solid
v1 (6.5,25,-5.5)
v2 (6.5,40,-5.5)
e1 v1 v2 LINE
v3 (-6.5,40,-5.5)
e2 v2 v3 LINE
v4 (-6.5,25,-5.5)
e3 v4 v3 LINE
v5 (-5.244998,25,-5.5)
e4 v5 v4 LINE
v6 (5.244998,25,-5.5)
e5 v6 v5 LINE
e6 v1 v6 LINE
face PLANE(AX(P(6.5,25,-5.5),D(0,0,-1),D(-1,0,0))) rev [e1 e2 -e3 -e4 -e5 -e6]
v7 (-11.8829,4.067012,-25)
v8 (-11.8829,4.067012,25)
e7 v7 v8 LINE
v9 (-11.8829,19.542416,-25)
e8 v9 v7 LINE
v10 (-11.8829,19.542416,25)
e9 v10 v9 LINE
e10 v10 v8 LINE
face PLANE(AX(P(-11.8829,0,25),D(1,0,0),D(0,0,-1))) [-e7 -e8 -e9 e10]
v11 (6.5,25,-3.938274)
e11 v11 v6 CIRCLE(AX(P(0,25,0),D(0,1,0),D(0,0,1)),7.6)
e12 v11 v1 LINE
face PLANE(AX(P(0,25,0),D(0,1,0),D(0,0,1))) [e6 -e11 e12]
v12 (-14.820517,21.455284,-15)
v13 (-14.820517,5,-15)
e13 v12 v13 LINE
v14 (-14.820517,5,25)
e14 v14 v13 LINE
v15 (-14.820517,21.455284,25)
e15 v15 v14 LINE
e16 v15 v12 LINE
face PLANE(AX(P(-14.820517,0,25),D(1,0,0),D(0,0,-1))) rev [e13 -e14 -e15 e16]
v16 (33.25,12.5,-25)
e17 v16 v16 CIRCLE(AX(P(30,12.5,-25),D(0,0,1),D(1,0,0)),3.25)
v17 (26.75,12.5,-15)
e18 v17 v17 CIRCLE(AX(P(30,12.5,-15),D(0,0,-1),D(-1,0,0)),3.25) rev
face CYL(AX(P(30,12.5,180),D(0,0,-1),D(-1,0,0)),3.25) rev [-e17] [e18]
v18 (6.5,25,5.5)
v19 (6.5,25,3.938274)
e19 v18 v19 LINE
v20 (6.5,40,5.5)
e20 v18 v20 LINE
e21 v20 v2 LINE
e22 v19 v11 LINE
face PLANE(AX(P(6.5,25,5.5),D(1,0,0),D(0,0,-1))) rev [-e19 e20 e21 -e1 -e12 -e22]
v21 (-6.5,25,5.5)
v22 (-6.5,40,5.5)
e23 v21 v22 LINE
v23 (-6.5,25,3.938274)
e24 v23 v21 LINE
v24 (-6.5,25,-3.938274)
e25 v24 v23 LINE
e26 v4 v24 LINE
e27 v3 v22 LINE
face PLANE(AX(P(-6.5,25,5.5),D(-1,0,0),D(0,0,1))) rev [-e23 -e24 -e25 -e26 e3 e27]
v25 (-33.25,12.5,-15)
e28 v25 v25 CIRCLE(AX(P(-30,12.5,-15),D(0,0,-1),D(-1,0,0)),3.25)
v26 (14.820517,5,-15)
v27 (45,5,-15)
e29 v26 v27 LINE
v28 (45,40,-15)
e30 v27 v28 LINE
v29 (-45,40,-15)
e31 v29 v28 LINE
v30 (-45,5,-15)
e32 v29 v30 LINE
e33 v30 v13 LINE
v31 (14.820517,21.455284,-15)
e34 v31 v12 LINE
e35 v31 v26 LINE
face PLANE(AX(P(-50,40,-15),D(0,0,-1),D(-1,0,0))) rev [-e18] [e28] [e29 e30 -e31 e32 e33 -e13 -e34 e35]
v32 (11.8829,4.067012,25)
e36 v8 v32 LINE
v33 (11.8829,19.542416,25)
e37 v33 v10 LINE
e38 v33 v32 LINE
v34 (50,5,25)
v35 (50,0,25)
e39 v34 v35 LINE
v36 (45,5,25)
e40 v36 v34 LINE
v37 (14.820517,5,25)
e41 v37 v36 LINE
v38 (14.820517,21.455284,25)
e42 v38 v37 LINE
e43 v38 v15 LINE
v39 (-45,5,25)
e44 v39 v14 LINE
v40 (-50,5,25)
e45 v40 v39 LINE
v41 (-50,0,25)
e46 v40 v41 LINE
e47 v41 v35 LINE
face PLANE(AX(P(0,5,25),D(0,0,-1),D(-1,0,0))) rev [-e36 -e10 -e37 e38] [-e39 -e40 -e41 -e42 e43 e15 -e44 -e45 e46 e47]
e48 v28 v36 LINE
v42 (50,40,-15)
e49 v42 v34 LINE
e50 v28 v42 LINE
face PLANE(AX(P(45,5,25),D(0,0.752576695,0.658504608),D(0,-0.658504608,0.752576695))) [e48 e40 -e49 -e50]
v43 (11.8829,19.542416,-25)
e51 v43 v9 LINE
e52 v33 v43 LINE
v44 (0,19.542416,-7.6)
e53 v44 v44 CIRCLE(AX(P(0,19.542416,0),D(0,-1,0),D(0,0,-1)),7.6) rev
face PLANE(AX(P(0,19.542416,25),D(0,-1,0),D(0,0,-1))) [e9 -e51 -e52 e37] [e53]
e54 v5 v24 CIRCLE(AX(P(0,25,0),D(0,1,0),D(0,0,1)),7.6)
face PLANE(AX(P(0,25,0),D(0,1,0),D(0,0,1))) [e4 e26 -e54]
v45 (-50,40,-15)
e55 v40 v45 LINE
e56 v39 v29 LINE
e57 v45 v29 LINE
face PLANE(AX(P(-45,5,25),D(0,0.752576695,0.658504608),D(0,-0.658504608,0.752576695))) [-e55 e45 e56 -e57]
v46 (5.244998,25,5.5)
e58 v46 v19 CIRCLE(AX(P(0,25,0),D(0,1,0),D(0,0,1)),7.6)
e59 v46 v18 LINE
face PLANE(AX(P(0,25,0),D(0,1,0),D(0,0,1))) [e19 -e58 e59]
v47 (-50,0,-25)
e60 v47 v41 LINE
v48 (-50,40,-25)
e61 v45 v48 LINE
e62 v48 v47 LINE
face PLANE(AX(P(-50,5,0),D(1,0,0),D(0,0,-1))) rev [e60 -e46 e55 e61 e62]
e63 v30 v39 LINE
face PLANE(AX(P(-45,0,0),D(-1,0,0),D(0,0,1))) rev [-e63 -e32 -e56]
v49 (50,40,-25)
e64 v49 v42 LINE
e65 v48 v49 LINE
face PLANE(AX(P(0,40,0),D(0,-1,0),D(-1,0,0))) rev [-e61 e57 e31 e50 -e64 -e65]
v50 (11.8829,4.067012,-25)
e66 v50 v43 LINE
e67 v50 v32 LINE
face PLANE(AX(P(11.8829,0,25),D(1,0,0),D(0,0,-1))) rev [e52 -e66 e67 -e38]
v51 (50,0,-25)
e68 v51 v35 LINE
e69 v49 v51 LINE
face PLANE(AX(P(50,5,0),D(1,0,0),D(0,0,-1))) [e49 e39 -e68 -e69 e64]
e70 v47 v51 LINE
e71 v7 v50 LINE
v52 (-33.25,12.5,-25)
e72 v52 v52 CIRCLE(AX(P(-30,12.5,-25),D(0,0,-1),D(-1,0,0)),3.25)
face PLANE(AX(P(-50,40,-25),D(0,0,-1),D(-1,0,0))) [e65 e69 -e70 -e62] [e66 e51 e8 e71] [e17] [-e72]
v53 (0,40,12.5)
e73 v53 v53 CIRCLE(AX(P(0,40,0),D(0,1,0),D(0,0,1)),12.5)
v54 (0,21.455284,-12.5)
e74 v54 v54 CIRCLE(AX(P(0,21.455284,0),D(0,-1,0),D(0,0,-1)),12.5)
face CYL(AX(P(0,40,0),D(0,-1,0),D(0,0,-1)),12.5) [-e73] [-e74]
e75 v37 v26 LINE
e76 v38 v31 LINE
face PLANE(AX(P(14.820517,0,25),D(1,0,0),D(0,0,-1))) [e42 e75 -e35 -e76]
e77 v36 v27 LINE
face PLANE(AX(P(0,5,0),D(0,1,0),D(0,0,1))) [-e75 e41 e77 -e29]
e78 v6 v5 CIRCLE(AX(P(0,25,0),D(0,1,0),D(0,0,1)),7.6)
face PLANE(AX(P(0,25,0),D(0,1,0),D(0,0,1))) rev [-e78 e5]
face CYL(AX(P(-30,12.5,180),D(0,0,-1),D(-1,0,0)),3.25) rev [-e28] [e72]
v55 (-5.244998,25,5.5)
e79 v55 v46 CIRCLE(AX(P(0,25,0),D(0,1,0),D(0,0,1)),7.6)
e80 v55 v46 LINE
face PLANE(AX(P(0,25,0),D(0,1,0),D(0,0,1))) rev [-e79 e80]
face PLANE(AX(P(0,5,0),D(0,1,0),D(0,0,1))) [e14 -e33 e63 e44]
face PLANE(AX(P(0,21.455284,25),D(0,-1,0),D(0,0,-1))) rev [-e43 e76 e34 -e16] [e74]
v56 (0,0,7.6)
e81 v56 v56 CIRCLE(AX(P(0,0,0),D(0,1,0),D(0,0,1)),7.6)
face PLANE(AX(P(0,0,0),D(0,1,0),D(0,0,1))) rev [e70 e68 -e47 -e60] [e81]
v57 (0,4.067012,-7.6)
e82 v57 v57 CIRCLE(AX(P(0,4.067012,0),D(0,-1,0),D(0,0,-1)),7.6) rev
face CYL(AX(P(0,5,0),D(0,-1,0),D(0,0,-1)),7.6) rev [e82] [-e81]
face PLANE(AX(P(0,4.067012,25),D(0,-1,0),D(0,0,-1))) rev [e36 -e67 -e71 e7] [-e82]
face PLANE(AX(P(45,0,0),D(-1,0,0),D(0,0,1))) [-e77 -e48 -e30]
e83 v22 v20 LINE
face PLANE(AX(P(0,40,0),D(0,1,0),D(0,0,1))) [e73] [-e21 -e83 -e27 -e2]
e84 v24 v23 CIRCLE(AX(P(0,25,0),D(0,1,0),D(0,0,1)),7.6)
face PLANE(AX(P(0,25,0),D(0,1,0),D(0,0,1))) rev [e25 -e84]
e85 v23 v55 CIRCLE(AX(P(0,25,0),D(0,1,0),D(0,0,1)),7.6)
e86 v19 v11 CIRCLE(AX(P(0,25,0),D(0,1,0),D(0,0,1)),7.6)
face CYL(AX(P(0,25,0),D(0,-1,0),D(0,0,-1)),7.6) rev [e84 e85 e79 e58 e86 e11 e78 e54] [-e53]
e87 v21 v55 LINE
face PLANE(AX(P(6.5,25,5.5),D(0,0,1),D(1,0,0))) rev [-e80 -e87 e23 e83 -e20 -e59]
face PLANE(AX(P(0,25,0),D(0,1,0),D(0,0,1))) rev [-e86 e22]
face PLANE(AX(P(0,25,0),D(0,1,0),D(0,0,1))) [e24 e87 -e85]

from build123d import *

# Parameters (mm, degrees)
SKETCH1_W               = 100
SKETCH1_H               = 40
SKETCH1_R               = 7.6
BOSS_EXTRUDE4_DEPTH     = 5
SKETCH9_R               = 12.5
BOSS_EXTRUDE7_DEPTH     = 35
SKETCH1_7_W             = 100
SKETCH1_7_H             = 10
EXTRUDE_THIN1_DEPTH     = 40
BOSS_EXTRUDE5_DEPTH     = 5
BOSS_EXTRUDE6_DEPTH     = 5
SKETCH11_W              = 13
SKETCH11_H              = 11
CUT_EXTRUDE2_DEPTH      = 15
SKETCH13_5_R            = 3.25
CUT_EXTRUDE4_DEPTH      = 205
SKETCH13_R              = 3.25
CUT_EXTRUDE5_DEPTH      = 205
SKETCH15_W              = 29.641034448
SKETCH15_H              = 19.301138711
SKETCH15_W_2            = 23.765799192
SKETCH15_H_2            = 15.475404125
BOSS_EXTRUDE11_DEPTH    = 50
CUT_EXTRUDE6_DEPTH      = 32
CUT_EXTRUDE6_DEPTH_BACK = 66
SKETCH16_W              = 23.765799192
SKETCH16_H              = 15.475404125
SKETCH1_11_R            = 7.6
CUT_EXTRUDE1_DEPTH      = 25


with BuildPart() as part:
    # Sketch1 → Boss-Extrude4 (new body)
    with BuildSketch(Plane(origin=(0, 0, 0), x_dir=(1, 0, 0), z_dir=(0, 1, 0))):
        with Locations((0, -5)):
            Rectangle(SKETCH1_W, SKETCH1_H)
        Circle(SKETCH1_R, mode=Mode.SUBTRACT)
    extrude(amount=BOSS_EXTRUDE4_DEPTH)

    # Sketch9 → Boss-Extrude7 (add)
    with BuildSketch(Plane(origin=(0, 5, 0), x_dir=(1, 0, 0), z_dir=(0, 1, 0))):
        Circle(SKETCH9_R)
    extrude(amount=BOSS_EXTRUDE7_DEPTH)

    # Sketch1<7> → Extrude-Thin1 (add)
    with BuildSketch(Plane(origin=(0, 0, 0), x_dir=(1, 0, 0), z_dir=(0, 1, 0))):
        with Locations((0, 20)):
            Rectangle(SKETCH1_7_W, SKETCH1_7_H)
    extrude(amount=EXTRUDE_THIN1_DEPTH)

    # Sketch5 → Boss-Extrude5 (add)
    with BuildSketch(Plane(origin=(50, 0, 0), x_dir=(0, 0, -1), z_dir=(1, 0, 0))):
        Polygon((15, 40), (15, 5), (-25, 5), align=None)
    extrude(amount=-BOSS_EXTRUDE5_DEPTH)

    # Sketch6 → Boss-Extrude6 (add)
    with BuildSketch(Plane.ZY.offset(50)):
        Polygon((-15, 40), (-15, 5), (25, 5), align=None)
    extrude(amount=-BOSS_EXTRUDE6_DEPTH)

    # Sketch11 → Cut-Extrude2 (cut)
    with BuildSketch(Plane(origin=(0, 40, 0), x_dir=(1, 0, 0), z_dir=(0, 1, 0))):
        Rectangle(SKETCH11_W, SKETCH11_H)
    extrude(amount=-CUT_EXTRUDE2_DEPTH, mode=Mode.SUBTRACT)

    # Sketch13<5> → Cut-Extrude4 (cut)
    with BuildSketch(Plane(origin=(0, 0, -25), x_dir=(-1, 0, 0), z_dir=(0, 0, -1))):
        with Locations((30, 12.5)):
            Circle(SKETCH13_5_R)
    extrude(amount=-CUT_EXTRUDE4_DEPTH, mode=Mode.SUBTRACT)

    # Sketch13 → Cut-Extrude5 (cut)
    with BuildSketch(Plane(origin=(0, 0, -25), x_dir=(-1, 0, 0), z_dir=(0, 0, -1))):
        with Locations((-30, 12.5)):
            Circle(SKETCH13_R)
    extrude(amount=-CUT_EXTRUDE5_DEPTH, mode=Mode.SUBTRACT)

    # Sketch15 → Boss-Extrude11 (add)
    with BuildSketch(Plane(origin=(0, 0, -25), x_dir=(-1, 0, 0), z_dir=(0, 0, -1))):
        with Locations((0, 11.804714301)):
            Rectangle(SKETCH15_W, SKETCH15_H)
        with Locations((0, 11.804714301)):
            Rectangle(SKETCH15_W_2, SKETCH15_H_2, mode=Mode.SUBTRACT)
    extrude(amount=-BOSS_EXTRUDE11_DEPTH)

    # Sketch16 → Cut-Extrude6 (cut, two sides: drawn at the far end of the back side and taken through both)
    with BuildSketch(Plane(origin=(0, 0, -25), x_dir=(-1, 0, 0), z_dir=(0, 0, -1)).offset(-CUT_EXTRUDE6_DEPTH_BACK)):
        with Locations((0, 11.804714301)):
            Rectangle(SKETCH16_W, SKETCH16_H)
    extrude(amount=CUT_EXTRUDE6_DEPTH + CUT_EXTRUDE6_DEPTH_BACK, mode=Mode.SUBTRACT)

    # Sketch1<11> → Cut-Extrude1 (cut)
    with BuildSketch(Plane(origin=(0, 0, 0), x_dir=(1, 0, 0), z_dir=(0, 1, 0))):
        Circle(SKETCH1_11_R)
    extrude(amount=CUT_EXTRUDE1_DEPTH, mode=Mode.SUBTRACT)


solid = part.part
